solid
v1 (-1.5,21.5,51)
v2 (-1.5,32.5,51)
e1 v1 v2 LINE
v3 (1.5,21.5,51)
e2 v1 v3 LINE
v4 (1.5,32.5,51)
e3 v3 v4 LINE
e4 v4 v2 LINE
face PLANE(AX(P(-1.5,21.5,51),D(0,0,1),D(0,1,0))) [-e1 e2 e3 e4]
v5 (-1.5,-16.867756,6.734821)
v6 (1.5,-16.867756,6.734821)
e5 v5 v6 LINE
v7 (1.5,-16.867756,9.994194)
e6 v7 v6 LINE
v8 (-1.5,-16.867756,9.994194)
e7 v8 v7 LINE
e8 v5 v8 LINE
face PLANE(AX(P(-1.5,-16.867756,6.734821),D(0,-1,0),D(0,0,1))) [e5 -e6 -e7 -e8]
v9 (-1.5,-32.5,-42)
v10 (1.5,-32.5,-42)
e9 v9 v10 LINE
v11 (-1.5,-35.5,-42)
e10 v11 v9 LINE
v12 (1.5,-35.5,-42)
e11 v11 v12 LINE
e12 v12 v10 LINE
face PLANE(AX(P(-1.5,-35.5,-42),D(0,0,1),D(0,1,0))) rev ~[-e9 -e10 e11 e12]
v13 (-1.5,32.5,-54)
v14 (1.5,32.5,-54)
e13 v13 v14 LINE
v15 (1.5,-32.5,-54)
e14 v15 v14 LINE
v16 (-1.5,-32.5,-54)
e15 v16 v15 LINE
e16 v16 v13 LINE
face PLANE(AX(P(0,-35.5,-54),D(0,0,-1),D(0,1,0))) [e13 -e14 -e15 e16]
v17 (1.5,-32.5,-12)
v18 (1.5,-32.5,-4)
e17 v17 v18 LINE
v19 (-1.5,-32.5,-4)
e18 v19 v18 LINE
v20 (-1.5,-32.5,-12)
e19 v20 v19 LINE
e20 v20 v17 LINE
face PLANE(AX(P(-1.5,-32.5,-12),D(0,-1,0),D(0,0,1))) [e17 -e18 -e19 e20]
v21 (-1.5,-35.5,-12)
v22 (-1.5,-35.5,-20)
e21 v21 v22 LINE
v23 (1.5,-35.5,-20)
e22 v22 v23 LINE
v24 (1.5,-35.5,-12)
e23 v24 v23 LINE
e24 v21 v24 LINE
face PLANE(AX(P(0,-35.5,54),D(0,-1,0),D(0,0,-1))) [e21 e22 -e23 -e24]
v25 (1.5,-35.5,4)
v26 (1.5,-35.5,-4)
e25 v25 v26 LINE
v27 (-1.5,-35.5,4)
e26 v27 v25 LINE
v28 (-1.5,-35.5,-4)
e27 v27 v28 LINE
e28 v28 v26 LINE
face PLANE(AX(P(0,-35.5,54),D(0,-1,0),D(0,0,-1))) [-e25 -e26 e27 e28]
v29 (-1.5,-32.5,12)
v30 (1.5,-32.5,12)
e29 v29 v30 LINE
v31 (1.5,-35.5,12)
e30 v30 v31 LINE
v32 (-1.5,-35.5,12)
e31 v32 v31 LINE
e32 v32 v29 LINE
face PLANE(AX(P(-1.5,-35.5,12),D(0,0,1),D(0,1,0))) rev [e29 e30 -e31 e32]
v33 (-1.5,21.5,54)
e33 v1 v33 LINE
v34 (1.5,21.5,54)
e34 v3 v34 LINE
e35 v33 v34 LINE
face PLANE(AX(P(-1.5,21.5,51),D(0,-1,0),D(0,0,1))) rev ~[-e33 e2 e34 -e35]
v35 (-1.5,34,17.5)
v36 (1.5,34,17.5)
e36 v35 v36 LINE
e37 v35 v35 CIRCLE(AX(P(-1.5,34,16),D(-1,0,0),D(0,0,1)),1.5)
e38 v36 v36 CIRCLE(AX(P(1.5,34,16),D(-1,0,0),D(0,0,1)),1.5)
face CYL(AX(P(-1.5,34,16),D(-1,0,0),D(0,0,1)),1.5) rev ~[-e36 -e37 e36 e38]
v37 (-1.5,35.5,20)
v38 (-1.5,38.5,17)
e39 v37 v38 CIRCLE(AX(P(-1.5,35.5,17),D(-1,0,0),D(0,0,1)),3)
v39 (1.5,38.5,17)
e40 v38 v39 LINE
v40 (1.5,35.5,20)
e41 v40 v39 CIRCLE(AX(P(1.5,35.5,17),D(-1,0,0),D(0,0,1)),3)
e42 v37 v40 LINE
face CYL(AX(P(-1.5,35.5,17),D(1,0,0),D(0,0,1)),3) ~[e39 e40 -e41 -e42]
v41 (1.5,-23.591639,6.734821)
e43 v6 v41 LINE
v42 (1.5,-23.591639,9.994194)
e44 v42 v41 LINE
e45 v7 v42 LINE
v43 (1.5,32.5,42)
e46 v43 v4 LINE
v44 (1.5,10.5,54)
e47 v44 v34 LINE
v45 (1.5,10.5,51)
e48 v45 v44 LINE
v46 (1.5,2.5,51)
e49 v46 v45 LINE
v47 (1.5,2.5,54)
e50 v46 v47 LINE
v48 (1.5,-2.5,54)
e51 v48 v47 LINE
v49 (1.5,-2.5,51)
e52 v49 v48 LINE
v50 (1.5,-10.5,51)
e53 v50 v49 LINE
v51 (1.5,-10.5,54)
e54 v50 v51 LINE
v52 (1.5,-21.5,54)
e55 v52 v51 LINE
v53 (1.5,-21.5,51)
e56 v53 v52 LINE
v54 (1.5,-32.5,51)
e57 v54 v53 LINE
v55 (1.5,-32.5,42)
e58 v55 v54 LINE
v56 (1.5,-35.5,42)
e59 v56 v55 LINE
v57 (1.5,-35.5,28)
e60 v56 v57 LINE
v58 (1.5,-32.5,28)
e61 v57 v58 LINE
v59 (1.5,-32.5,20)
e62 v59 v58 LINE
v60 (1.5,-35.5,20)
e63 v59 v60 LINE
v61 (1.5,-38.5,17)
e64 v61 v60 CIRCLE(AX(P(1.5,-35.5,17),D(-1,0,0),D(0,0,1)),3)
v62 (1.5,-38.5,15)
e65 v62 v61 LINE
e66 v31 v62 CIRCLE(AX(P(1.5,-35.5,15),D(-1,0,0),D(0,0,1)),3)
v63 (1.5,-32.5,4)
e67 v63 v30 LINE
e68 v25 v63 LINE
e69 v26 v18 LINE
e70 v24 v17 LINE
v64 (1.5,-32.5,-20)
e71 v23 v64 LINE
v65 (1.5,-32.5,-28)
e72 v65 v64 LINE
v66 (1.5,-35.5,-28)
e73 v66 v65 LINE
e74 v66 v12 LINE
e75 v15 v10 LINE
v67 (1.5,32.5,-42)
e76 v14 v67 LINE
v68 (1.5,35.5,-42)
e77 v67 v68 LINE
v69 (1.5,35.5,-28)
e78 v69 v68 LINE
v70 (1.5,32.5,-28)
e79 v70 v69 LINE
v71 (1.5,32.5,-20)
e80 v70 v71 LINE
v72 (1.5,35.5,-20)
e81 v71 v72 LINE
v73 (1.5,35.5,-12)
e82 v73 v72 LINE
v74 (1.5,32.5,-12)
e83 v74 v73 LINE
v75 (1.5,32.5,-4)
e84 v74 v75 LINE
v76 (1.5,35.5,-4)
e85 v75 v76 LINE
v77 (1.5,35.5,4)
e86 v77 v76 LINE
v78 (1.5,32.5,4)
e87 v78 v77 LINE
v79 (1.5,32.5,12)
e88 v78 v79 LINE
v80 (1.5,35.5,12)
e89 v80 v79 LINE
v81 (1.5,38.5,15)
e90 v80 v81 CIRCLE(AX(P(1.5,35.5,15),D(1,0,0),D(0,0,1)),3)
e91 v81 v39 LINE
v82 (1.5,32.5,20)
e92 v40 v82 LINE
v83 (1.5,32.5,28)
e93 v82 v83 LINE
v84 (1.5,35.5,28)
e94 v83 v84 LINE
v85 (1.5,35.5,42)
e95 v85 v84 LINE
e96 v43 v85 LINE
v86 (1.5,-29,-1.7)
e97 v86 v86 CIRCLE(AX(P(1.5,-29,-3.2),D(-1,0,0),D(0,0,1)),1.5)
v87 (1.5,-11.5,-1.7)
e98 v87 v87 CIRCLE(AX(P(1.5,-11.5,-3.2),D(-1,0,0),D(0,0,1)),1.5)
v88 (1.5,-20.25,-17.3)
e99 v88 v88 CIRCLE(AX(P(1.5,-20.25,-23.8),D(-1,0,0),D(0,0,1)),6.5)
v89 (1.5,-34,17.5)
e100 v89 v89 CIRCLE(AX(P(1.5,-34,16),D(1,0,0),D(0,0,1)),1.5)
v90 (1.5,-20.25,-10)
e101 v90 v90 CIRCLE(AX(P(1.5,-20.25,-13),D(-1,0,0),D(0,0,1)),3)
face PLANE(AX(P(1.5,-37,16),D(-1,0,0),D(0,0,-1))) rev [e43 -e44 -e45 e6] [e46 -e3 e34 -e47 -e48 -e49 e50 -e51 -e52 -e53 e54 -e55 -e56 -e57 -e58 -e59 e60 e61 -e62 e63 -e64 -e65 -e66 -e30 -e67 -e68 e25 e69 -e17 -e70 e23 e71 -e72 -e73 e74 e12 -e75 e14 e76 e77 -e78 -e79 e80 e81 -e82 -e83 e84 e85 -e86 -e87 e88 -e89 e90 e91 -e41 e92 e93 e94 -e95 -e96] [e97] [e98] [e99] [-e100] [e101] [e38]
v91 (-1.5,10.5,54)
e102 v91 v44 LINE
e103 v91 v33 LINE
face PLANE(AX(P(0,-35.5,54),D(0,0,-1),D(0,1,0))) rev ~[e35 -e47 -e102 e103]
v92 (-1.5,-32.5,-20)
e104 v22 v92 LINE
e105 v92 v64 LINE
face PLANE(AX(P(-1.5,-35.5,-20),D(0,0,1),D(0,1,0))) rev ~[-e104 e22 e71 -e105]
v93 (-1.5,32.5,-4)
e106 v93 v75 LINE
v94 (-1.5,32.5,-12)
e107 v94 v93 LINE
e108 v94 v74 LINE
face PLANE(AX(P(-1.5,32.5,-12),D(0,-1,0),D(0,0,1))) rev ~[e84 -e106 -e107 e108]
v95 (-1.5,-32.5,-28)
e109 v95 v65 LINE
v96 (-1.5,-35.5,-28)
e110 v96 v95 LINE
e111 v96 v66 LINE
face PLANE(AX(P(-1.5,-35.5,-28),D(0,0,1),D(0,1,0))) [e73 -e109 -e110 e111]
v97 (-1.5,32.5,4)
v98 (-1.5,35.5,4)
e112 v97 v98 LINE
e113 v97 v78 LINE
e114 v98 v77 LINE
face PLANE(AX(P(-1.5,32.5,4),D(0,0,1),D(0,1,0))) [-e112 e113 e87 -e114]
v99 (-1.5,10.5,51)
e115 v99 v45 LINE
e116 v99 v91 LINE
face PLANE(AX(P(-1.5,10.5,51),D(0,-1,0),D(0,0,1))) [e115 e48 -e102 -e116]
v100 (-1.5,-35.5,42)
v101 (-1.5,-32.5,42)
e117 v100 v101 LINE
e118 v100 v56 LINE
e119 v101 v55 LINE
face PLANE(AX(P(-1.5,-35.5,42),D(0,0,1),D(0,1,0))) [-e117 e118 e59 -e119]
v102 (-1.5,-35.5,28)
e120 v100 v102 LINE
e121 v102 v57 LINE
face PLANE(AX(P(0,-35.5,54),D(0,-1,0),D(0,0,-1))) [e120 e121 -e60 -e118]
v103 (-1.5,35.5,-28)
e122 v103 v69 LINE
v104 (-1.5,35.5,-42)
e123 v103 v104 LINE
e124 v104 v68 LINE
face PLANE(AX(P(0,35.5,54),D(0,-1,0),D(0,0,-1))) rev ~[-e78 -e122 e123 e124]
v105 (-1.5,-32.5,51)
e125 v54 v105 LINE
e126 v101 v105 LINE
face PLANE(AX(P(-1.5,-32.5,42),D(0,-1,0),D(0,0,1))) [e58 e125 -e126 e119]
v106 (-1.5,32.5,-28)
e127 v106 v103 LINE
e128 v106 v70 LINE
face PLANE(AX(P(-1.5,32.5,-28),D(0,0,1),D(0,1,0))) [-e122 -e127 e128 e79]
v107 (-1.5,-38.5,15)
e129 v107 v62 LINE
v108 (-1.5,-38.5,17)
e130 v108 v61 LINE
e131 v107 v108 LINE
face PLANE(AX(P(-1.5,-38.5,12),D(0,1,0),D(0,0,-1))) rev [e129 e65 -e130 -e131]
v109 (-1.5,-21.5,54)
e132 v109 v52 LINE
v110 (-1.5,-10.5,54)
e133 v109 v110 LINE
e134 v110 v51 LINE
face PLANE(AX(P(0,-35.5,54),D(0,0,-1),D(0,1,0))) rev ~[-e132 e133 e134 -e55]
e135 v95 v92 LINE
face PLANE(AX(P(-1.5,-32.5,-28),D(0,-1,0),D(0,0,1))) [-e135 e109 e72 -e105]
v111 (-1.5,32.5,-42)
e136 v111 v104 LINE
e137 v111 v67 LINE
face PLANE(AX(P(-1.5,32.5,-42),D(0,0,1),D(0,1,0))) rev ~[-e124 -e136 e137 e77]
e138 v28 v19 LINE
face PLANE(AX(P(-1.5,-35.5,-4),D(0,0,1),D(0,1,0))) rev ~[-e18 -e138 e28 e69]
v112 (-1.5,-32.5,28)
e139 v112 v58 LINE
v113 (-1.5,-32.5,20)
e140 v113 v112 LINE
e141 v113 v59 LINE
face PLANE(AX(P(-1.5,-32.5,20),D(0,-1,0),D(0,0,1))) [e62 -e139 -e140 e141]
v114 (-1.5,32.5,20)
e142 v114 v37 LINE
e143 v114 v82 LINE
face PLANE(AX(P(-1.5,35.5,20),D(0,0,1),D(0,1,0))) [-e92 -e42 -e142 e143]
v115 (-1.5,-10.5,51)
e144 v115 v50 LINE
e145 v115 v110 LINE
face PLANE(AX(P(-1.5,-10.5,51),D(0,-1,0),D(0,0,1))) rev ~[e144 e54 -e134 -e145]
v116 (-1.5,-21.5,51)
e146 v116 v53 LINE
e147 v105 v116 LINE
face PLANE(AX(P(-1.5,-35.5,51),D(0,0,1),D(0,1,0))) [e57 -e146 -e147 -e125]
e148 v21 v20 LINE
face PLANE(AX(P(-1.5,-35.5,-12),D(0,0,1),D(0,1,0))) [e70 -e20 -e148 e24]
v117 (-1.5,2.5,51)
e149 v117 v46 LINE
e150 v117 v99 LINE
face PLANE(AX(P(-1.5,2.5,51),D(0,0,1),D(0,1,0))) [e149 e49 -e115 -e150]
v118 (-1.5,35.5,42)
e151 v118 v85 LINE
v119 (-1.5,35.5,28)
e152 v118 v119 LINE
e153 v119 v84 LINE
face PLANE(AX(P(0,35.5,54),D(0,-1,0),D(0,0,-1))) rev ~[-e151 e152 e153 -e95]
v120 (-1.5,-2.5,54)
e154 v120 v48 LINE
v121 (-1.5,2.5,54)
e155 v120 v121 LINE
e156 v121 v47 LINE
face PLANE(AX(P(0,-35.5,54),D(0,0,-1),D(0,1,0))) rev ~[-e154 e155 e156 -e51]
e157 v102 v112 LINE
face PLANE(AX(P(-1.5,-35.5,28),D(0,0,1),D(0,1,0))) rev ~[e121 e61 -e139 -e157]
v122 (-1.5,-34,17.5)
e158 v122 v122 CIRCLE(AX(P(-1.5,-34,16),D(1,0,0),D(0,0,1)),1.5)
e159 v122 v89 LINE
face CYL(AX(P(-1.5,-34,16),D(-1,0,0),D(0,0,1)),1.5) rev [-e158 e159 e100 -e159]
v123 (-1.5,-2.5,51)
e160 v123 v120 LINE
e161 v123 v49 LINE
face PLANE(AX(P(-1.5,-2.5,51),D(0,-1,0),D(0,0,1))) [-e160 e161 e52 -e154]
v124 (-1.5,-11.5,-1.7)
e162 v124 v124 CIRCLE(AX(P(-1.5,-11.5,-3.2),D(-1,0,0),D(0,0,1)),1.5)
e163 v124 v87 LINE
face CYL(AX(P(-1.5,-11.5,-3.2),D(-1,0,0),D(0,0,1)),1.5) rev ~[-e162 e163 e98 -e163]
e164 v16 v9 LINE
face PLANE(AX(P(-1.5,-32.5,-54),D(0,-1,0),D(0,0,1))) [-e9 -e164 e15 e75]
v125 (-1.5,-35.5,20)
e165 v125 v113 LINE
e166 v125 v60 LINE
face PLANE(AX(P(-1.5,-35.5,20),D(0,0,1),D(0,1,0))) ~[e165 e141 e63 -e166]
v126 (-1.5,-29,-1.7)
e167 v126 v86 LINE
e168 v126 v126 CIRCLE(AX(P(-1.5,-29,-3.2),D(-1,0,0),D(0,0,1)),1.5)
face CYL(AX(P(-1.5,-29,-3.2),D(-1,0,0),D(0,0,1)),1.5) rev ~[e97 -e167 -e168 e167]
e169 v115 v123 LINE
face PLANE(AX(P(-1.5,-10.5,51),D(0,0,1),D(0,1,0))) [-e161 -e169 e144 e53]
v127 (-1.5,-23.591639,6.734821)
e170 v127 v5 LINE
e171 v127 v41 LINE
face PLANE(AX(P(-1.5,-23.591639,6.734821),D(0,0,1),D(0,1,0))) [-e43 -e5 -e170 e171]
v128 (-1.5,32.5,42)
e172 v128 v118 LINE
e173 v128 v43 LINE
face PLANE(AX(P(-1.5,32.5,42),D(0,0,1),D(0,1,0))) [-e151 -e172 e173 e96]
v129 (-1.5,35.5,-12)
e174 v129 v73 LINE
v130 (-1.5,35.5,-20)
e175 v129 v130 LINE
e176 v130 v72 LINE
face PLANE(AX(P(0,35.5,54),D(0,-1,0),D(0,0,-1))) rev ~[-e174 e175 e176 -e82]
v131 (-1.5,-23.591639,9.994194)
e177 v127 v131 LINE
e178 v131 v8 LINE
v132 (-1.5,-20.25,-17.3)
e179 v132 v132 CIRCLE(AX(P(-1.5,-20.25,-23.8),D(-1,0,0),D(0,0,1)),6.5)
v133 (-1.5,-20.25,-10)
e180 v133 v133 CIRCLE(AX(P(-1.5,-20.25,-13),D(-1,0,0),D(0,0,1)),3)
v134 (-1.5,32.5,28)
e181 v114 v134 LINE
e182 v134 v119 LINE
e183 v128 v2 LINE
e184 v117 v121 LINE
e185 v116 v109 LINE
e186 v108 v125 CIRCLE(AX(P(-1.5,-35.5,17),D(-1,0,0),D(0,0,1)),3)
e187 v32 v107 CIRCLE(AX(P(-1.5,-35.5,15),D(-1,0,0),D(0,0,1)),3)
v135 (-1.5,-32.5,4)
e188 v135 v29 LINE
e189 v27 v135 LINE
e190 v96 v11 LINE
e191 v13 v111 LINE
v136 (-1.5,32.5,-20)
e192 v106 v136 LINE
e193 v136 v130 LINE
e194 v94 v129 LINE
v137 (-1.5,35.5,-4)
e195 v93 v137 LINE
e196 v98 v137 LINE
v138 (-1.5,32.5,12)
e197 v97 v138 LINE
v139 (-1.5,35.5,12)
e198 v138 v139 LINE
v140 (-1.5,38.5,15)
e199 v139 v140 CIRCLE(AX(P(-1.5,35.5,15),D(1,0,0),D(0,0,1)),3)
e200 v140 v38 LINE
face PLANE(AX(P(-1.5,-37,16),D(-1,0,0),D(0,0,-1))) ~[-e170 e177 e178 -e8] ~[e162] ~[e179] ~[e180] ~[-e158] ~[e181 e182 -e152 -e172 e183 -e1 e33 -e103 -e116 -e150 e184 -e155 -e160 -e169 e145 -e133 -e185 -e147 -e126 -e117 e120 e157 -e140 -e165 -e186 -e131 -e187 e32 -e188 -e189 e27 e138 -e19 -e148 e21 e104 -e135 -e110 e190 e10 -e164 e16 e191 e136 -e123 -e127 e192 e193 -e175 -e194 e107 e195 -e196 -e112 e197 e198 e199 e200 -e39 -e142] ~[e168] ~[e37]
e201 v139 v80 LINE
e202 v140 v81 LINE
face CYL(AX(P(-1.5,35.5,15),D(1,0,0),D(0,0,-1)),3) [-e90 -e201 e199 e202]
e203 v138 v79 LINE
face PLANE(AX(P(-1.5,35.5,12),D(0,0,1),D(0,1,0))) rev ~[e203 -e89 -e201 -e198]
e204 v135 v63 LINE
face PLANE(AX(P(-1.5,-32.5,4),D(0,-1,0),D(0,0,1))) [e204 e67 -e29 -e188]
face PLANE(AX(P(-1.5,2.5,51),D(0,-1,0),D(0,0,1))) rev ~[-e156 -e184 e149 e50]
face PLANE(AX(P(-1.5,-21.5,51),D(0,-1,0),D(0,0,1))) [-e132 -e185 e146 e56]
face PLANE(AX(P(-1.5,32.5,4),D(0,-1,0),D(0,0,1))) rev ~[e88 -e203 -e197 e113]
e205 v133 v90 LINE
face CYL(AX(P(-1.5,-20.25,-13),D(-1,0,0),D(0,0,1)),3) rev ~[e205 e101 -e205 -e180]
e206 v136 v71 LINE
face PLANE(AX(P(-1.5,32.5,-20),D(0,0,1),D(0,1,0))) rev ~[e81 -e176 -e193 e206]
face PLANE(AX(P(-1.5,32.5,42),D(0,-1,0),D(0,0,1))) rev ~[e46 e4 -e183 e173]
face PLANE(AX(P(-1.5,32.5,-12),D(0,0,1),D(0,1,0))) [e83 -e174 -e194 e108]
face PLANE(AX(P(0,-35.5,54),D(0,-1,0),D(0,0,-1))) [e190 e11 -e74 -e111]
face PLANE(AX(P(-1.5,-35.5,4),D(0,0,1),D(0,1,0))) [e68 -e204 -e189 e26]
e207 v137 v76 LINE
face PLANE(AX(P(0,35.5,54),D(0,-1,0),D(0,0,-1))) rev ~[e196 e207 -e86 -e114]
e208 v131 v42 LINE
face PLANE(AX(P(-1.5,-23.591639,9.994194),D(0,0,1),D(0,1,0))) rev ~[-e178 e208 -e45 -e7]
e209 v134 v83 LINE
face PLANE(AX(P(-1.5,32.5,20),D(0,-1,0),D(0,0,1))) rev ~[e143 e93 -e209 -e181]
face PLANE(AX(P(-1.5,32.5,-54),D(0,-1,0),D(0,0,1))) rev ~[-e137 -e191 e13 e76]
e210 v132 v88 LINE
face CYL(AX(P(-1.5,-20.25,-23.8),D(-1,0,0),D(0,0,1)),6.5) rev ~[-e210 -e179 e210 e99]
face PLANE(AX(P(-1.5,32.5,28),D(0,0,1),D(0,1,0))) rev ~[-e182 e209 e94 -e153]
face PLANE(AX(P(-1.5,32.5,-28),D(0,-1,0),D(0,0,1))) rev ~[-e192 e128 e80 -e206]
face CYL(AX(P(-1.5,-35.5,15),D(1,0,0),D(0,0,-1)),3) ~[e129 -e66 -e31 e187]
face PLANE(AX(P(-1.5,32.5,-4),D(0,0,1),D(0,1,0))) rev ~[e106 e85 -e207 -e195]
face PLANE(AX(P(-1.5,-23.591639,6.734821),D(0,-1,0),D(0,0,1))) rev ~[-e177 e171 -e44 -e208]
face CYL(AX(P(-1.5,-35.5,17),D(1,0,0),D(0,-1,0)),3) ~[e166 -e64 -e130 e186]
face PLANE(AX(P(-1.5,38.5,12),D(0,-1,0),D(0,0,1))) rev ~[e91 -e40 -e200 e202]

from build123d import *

# Parameters (mm, degrees)
CROQUIS1_W               = 108
CROQUIS1_H               = 71
SALIENTE_EXTRUIR1_DEPTH  = 1.5
CROQUIS2_W               = 12
CROQUIS2_H               = 3
CROQUIS2_W_2             = 8
CORTAR_EXTRUIR1_DEPTH    = 3
CROQUIS6_W               = 3
CROQUIS6_H               = 14
CROQUIS6_H_2             = 8
CORTAR_EXTRUIR3_DEPTH    = 3
CROQUIS7_R               = 1.5
CROQUIS7_R_2             = 3
CROQUIS7_R_3             = 6.5
CROQUIS7_W               = 3.259373519
CROQUIS7_H               = 6.723882433
CORTAR_EXTRUIR4_DEPTH    = 23
CROQUIS8_W               = 8
CROQUIS8_H               = 3
SALIENTE_EXTRUIR2_DEPTH  = 3
REDONDEO2_R              = 3
CROQUIS9_R               = 1.5
CORTAR_EXTRUIR5_DEPTH    = 3
REDONDEO2_OF_SIMETR_A1_R = 3


with BuildPart() as part:
    # Croquis1 → Saliente-Extruir1 (new, symmetric)
    with BuildSketch(Plane(origin=(0, 0, 0), x_dir=(0, 0, -1), z_dir=(1, 0, 0))):
        Rectangle(CROQUIS1_W, CROQUIS1_H)
    extrude(amount=SALIENTE_EXTRUIR1_DEPTH, both=True)

    # Croquis2 → Cortar-Extruir1 (cut)
    with BuildSketch(Plane.ZY.offset(1.5)):
        with Locations((-48, -34)):
            Rectangle(CROQUIS2_W, CROQUIS2_H)
        with Locations((-24, -34)):
            Rectangle(CROQUIS2_W_2, CROQUIS2_H)
        with Locations((-8, -34)):
            Rectangle(CROQUIS2_W_2, CROQUIS2_H)
        with Locations((8, -34)):
            Rectangle(CROQUIS2_W_2, CROQUIS2_H)
        with Locations((24, -34)):
            Rectangle(CROQUIS2_W_2, CROQUIS2_H)
        with Locations((48, -34)):
            Rectangle(CROQUIS2_W, CROQUIS2_H)
        with Locations((48, 34)):
            Rectangle(CROQUIS2_W, CROQUIS2_H)
        with Locations((24, 34)):
            Rectangle(CROQUIS2_W_2, CROQUIS2_H)
        with Locations((8, 34)):
            Rectangle(CROQUIS2_W_2, CROQUIS2_H)
        with Locations((-8, 34)):
            Rectangle(CROQUIS2_W_2, CROQUIS2_H)
        with Locations((-24, 34)):
            Rectangle(CROQUIS2_W_2, CROQUIS2_H)
        with Locations((-48, 34)):
            Rectangle(CROQUIS2_W, CROQUIS2_H)
    extrude(amount=-CORTAR_EXTRUIR1_DEPTH, mode=Mode.SUBTRACT)

    # Croquis6 → Cortar-Extruir3 (cut)
    with BuildSketch(Plane.ZY.offset(1.5)):
        with Locations((52.5, -28.5)):
            Rectangle(CROQUIS6_W, CROQUIS6_H)
        with Locations((52.5, -6.5)):
            Rectangle(CROQUIS6_W, CROQUIS6_H_2)
        with Locations((52.5, 6.5)):
            Rectangle(CROQUIS6_W, CROQUIS6_H_2)
        with Locations((52.5, 28.5)):
            Rectangle(CROQUIS6_W, CROQUIS6_H)
    extrude(amount=-CORTAR_EXTRUIR3_DEPTH, mode=Mode.SUBTRACT)

    # Croquis7 → Cortar-Extruir4 (cut)
    with BuildSketch(Plane.ZY.offset(1.5)):
        with Locations((-3.2, -11.5)):
            Circle(CROQUIS7_R)
        with Locations((-3.2, -29)):
            Circle(CROQUIS7_R)
        with Locations((-13, -20.25)):
            Circle(CROQUIS7_R_2)
        with Locations((-23.8, -20.25)):
            Circle(CROQUIS7_R_3)
        with Locations((8.36450747, -20.229697644)):
            Rectangle(CROQUIS7_W, CROQUIS7_H)
    extrude(amount=-CORTAR_EXTRUIR4_DEPTH, mode=Mode.SUBTRACT)

    # Croquis8 → Saliente-Extruir2 (add)
    with BuildSketch(Plane.ZY.offset(1.5)):
        with Locations((16, 37)):
            Rectangle(CROQUIS8_W, CROQUIS8_H)
    saliente_extruir2 = extrude(amount=-SALIENTE_EXTRUIR2_DEPTH)

    # Redondeo2
    redondeo2_edges = [part.edges().sort_by_distance(p)[0] for p in [
        (0, 38.5, 12),
        (0, 38.5, 20),
    ]]
    fillet(redondeo2_edges, radius=REDONDEO2_R)

    # Croquis9 → Cortar-Extruir5 (cut)
    with BuildSketch(Plane.ZY.offset(1.5)):
        with Locations((16, 34)):
            Circle(CROQUIS9_R)
    cortar_extruir5 = extrude(amount=-CORTAR_EXTRUIR5_DEPTH, mode=Mode.SUBTRACT)

    # Simetría1: Saliente-Extruir2, Cortar-Extruir5 across plane
    add(saliente_extruir2.mirror(Plane.ZX))
    add(cortar_extruir5.mirror(Plane.ZX), mode=Mode.SUBTRACT)

    # Redondeo2 of Simetría1
    redondeo2_of_simetr_a1_edges = [part.edges().sort_by_distance(p)[0] for p in [
        (0, -38.5, 12),
        (0, -38.5, 20),
    ]]
    fillet(redondeo2_of_simetr_a1_edges, radius=REDONDEO2_OF_SIMETR_A1_R)


solid = part.part
